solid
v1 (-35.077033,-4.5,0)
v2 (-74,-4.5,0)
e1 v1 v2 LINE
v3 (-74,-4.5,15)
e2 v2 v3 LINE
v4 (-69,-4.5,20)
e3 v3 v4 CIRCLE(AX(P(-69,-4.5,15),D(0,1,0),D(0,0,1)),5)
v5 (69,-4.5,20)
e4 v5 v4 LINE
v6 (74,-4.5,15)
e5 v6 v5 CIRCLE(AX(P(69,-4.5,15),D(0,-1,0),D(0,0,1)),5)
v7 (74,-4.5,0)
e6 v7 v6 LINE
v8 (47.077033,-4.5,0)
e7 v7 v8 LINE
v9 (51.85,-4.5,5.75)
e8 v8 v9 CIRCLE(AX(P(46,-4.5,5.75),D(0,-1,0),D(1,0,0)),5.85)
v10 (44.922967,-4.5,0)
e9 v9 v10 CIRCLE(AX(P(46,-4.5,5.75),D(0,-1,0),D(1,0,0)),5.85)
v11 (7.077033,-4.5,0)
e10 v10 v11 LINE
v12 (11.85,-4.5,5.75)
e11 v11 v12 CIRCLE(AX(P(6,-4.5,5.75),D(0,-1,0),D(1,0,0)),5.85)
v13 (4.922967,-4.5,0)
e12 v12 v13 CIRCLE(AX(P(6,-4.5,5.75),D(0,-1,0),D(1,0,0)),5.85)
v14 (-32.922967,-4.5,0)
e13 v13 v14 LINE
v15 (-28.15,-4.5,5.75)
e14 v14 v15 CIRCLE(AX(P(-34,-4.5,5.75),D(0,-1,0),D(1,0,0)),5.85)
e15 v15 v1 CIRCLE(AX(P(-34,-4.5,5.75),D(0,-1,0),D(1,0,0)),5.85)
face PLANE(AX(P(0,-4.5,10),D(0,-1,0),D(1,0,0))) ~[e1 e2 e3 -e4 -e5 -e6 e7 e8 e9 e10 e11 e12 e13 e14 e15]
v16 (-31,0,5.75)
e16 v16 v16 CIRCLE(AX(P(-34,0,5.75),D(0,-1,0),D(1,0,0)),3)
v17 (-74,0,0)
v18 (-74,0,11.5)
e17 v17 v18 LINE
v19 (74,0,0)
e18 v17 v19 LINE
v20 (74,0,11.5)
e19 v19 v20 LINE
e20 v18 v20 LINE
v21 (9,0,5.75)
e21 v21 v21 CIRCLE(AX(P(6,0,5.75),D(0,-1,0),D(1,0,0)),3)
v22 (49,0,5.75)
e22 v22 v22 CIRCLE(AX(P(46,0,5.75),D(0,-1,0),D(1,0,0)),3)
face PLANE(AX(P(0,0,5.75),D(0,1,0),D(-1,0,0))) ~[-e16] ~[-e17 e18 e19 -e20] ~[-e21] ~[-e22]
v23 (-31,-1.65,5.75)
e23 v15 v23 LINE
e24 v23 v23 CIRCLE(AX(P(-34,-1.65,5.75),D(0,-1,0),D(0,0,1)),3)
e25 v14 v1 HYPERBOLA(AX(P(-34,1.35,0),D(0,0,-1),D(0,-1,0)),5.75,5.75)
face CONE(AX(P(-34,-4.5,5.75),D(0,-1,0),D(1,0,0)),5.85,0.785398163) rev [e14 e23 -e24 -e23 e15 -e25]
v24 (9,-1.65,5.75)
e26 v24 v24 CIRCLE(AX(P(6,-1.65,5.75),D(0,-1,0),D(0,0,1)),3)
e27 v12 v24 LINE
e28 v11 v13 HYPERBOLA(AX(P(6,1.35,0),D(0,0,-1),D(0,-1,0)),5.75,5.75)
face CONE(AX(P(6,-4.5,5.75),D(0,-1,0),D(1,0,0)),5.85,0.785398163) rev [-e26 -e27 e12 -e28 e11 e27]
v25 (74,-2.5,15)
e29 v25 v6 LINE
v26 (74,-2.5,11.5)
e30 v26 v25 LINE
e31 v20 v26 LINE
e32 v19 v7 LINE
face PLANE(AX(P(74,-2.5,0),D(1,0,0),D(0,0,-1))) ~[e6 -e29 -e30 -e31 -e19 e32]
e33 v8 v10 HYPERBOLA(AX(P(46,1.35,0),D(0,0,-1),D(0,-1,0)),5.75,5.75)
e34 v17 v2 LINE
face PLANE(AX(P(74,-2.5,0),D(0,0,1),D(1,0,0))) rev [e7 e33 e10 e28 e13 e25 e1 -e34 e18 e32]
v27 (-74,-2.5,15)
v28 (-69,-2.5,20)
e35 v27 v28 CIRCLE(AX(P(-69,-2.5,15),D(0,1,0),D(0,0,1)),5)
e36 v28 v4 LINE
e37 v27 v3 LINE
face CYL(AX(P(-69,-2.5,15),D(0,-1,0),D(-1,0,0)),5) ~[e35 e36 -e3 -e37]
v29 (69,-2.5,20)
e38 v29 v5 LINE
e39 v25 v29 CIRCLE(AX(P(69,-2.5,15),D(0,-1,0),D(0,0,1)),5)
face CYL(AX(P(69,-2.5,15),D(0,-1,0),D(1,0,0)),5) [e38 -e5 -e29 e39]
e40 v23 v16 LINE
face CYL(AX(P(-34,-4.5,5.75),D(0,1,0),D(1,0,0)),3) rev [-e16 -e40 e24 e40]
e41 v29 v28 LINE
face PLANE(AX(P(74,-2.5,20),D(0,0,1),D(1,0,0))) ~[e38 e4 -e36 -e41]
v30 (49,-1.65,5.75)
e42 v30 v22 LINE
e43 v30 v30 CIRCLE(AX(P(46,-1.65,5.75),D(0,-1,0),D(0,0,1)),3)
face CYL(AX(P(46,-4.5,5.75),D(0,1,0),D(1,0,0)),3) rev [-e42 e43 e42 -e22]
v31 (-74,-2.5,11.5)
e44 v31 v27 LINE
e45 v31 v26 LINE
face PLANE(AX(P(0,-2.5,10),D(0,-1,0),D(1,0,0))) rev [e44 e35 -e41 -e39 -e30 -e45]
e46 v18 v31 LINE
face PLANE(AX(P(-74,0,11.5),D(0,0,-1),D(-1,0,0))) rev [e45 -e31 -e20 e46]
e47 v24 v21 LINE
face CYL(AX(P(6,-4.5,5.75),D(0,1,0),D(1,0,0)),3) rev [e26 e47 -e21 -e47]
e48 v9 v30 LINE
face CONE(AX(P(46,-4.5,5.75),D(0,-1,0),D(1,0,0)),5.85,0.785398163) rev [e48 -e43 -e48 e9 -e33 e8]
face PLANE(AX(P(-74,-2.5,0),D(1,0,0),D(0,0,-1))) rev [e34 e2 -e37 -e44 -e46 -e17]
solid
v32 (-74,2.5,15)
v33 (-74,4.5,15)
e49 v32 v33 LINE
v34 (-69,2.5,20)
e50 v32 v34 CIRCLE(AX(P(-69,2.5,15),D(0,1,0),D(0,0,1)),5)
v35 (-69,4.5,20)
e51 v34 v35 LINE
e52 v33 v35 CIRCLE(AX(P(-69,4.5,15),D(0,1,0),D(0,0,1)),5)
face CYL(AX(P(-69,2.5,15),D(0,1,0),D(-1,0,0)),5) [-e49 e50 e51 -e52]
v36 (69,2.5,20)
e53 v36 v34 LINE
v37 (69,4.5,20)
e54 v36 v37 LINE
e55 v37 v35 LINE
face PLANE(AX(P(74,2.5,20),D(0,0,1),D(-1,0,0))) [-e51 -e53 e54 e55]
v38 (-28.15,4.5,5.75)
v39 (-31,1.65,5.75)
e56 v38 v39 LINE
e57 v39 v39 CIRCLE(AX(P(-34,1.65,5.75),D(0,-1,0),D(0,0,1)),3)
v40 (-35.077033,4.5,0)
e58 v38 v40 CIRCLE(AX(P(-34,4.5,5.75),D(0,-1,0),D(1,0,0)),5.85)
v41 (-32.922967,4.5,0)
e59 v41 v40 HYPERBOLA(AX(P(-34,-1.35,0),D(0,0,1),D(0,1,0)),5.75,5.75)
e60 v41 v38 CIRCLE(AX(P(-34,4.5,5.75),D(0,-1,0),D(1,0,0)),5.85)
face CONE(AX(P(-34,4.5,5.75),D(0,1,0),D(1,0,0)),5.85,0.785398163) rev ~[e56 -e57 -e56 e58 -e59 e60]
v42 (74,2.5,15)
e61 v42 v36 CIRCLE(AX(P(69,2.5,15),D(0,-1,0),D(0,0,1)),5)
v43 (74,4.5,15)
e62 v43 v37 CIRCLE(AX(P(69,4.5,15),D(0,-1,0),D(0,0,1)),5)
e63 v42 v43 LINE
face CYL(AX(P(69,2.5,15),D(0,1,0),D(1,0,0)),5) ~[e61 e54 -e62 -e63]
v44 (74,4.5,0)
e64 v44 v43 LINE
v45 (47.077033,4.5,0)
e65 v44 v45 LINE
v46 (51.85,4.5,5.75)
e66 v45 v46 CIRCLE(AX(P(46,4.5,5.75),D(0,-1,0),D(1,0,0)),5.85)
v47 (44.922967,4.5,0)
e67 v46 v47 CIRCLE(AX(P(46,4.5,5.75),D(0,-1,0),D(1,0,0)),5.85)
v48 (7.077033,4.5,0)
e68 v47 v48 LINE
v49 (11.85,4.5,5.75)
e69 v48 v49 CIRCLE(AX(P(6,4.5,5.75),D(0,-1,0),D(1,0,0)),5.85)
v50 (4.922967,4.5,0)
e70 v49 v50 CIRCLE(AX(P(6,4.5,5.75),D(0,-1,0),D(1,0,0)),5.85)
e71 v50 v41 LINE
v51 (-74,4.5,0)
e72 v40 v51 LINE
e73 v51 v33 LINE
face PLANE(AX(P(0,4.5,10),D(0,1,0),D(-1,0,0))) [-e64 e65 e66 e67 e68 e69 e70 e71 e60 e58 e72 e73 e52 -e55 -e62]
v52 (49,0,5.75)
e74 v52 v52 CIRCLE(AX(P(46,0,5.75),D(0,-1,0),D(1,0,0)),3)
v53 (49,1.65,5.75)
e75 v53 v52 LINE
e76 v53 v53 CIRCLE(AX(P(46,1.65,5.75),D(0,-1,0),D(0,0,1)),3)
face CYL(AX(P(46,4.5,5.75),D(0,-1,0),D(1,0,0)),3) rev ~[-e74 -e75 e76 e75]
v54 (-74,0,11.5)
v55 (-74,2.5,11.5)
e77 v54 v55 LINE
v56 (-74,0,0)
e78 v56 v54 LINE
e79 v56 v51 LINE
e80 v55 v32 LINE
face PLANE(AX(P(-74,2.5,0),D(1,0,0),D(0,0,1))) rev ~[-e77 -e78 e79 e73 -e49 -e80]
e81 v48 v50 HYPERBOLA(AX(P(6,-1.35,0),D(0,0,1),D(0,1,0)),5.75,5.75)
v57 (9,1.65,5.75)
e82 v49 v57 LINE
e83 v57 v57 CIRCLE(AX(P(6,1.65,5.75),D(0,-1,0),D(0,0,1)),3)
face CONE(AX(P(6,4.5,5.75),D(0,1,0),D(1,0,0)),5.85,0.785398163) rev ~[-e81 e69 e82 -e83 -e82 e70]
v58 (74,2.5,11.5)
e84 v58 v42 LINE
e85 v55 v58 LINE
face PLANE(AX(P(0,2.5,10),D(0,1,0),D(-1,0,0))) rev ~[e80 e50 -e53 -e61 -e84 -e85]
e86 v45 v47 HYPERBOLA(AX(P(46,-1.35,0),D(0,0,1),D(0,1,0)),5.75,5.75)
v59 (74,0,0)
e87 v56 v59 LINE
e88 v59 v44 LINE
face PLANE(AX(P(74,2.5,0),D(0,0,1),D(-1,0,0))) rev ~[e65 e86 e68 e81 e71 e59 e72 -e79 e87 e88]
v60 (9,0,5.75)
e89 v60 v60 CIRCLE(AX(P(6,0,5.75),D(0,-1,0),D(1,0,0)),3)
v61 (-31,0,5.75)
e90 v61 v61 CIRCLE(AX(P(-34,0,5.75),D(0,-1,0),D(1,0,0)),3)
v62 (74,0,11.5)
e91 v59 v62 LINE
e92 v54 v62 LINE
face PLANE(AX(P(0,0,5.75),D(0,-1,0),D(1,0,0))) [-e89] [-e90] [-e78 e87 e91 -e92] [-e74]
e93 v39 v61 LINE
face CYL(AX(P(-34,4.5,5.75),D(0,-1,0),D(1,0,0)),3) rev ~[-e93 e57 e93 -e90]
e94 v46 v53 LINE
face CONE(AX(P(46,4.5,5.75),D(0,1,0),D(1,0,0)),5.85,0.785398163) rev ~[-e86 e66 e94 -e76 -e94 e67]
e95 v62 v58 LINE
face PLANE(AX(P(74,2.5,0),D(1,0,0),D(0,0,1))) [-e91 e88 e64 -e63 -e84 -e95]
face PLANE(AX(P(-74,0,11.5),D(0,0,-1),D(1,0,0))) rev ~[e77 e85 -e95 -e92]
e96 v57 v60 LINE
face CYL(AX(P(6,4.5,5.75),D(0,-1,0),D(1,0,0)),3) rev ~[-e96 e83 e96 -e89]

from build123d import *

# Parameters (mm, degrees)
F0_W           = 148
F0_H           = 11.5
F1_DEPTH       = 2.5
F2_W           = 148
F2_H           = 20
F3_DEPTH       = 2
F5_D           = 6
F5_CSINK_D     = 11.7
F5_CSINK_ANGLE = 90
F6_R           = 5


with BuildPart() as f1:
    # F0 (on Front) → F1 (new body)
    with BuildSketch(Plane.XZ):
        with Locations((0, 5.75)):
            Rectangle(F0_W, F0_H)
    extrude(amount=-F1_DEPTH)

    # F2 (on face) → F3 (join)
    with BuildSketch(Plane(origin=(0, 2.5, 0), x_dir=(-1, 0, 0), z_dir=(0, 1, 0))):
        with Locations((0, 10)):
            Rectangle(F2_W, F2_H)
    extrude(amount=F3_DEPTH)

    # F5 (through all)
    with Locations(Plane(origin=(0, 4.5, 0), x_dir=(-1, 0, 0), z_dir=(0, 1, 0))):
        with Locations((-46, 5.75), (-6, 5.75), (34, 5.75)):
            CounterSinkHole(F5_D / 2, F5_CSINK_D / 2, counter_sink_angle=F5_CSINK_ANGLE)

    # F6
    f6_edges = [f1.edges().sort_by_distance(p)[0] for p in [
        (-74, 3.5, 20),
        (74, 3.5, 20),
    ]]
    fillet(f6_edges, radius=F6_R)


with BuildPart() as f7_1:
    # F7: instance of F1
    add(f1.part.mirror(Plane.XZ))


solid = Compound([f1.part, f7_1.part])
